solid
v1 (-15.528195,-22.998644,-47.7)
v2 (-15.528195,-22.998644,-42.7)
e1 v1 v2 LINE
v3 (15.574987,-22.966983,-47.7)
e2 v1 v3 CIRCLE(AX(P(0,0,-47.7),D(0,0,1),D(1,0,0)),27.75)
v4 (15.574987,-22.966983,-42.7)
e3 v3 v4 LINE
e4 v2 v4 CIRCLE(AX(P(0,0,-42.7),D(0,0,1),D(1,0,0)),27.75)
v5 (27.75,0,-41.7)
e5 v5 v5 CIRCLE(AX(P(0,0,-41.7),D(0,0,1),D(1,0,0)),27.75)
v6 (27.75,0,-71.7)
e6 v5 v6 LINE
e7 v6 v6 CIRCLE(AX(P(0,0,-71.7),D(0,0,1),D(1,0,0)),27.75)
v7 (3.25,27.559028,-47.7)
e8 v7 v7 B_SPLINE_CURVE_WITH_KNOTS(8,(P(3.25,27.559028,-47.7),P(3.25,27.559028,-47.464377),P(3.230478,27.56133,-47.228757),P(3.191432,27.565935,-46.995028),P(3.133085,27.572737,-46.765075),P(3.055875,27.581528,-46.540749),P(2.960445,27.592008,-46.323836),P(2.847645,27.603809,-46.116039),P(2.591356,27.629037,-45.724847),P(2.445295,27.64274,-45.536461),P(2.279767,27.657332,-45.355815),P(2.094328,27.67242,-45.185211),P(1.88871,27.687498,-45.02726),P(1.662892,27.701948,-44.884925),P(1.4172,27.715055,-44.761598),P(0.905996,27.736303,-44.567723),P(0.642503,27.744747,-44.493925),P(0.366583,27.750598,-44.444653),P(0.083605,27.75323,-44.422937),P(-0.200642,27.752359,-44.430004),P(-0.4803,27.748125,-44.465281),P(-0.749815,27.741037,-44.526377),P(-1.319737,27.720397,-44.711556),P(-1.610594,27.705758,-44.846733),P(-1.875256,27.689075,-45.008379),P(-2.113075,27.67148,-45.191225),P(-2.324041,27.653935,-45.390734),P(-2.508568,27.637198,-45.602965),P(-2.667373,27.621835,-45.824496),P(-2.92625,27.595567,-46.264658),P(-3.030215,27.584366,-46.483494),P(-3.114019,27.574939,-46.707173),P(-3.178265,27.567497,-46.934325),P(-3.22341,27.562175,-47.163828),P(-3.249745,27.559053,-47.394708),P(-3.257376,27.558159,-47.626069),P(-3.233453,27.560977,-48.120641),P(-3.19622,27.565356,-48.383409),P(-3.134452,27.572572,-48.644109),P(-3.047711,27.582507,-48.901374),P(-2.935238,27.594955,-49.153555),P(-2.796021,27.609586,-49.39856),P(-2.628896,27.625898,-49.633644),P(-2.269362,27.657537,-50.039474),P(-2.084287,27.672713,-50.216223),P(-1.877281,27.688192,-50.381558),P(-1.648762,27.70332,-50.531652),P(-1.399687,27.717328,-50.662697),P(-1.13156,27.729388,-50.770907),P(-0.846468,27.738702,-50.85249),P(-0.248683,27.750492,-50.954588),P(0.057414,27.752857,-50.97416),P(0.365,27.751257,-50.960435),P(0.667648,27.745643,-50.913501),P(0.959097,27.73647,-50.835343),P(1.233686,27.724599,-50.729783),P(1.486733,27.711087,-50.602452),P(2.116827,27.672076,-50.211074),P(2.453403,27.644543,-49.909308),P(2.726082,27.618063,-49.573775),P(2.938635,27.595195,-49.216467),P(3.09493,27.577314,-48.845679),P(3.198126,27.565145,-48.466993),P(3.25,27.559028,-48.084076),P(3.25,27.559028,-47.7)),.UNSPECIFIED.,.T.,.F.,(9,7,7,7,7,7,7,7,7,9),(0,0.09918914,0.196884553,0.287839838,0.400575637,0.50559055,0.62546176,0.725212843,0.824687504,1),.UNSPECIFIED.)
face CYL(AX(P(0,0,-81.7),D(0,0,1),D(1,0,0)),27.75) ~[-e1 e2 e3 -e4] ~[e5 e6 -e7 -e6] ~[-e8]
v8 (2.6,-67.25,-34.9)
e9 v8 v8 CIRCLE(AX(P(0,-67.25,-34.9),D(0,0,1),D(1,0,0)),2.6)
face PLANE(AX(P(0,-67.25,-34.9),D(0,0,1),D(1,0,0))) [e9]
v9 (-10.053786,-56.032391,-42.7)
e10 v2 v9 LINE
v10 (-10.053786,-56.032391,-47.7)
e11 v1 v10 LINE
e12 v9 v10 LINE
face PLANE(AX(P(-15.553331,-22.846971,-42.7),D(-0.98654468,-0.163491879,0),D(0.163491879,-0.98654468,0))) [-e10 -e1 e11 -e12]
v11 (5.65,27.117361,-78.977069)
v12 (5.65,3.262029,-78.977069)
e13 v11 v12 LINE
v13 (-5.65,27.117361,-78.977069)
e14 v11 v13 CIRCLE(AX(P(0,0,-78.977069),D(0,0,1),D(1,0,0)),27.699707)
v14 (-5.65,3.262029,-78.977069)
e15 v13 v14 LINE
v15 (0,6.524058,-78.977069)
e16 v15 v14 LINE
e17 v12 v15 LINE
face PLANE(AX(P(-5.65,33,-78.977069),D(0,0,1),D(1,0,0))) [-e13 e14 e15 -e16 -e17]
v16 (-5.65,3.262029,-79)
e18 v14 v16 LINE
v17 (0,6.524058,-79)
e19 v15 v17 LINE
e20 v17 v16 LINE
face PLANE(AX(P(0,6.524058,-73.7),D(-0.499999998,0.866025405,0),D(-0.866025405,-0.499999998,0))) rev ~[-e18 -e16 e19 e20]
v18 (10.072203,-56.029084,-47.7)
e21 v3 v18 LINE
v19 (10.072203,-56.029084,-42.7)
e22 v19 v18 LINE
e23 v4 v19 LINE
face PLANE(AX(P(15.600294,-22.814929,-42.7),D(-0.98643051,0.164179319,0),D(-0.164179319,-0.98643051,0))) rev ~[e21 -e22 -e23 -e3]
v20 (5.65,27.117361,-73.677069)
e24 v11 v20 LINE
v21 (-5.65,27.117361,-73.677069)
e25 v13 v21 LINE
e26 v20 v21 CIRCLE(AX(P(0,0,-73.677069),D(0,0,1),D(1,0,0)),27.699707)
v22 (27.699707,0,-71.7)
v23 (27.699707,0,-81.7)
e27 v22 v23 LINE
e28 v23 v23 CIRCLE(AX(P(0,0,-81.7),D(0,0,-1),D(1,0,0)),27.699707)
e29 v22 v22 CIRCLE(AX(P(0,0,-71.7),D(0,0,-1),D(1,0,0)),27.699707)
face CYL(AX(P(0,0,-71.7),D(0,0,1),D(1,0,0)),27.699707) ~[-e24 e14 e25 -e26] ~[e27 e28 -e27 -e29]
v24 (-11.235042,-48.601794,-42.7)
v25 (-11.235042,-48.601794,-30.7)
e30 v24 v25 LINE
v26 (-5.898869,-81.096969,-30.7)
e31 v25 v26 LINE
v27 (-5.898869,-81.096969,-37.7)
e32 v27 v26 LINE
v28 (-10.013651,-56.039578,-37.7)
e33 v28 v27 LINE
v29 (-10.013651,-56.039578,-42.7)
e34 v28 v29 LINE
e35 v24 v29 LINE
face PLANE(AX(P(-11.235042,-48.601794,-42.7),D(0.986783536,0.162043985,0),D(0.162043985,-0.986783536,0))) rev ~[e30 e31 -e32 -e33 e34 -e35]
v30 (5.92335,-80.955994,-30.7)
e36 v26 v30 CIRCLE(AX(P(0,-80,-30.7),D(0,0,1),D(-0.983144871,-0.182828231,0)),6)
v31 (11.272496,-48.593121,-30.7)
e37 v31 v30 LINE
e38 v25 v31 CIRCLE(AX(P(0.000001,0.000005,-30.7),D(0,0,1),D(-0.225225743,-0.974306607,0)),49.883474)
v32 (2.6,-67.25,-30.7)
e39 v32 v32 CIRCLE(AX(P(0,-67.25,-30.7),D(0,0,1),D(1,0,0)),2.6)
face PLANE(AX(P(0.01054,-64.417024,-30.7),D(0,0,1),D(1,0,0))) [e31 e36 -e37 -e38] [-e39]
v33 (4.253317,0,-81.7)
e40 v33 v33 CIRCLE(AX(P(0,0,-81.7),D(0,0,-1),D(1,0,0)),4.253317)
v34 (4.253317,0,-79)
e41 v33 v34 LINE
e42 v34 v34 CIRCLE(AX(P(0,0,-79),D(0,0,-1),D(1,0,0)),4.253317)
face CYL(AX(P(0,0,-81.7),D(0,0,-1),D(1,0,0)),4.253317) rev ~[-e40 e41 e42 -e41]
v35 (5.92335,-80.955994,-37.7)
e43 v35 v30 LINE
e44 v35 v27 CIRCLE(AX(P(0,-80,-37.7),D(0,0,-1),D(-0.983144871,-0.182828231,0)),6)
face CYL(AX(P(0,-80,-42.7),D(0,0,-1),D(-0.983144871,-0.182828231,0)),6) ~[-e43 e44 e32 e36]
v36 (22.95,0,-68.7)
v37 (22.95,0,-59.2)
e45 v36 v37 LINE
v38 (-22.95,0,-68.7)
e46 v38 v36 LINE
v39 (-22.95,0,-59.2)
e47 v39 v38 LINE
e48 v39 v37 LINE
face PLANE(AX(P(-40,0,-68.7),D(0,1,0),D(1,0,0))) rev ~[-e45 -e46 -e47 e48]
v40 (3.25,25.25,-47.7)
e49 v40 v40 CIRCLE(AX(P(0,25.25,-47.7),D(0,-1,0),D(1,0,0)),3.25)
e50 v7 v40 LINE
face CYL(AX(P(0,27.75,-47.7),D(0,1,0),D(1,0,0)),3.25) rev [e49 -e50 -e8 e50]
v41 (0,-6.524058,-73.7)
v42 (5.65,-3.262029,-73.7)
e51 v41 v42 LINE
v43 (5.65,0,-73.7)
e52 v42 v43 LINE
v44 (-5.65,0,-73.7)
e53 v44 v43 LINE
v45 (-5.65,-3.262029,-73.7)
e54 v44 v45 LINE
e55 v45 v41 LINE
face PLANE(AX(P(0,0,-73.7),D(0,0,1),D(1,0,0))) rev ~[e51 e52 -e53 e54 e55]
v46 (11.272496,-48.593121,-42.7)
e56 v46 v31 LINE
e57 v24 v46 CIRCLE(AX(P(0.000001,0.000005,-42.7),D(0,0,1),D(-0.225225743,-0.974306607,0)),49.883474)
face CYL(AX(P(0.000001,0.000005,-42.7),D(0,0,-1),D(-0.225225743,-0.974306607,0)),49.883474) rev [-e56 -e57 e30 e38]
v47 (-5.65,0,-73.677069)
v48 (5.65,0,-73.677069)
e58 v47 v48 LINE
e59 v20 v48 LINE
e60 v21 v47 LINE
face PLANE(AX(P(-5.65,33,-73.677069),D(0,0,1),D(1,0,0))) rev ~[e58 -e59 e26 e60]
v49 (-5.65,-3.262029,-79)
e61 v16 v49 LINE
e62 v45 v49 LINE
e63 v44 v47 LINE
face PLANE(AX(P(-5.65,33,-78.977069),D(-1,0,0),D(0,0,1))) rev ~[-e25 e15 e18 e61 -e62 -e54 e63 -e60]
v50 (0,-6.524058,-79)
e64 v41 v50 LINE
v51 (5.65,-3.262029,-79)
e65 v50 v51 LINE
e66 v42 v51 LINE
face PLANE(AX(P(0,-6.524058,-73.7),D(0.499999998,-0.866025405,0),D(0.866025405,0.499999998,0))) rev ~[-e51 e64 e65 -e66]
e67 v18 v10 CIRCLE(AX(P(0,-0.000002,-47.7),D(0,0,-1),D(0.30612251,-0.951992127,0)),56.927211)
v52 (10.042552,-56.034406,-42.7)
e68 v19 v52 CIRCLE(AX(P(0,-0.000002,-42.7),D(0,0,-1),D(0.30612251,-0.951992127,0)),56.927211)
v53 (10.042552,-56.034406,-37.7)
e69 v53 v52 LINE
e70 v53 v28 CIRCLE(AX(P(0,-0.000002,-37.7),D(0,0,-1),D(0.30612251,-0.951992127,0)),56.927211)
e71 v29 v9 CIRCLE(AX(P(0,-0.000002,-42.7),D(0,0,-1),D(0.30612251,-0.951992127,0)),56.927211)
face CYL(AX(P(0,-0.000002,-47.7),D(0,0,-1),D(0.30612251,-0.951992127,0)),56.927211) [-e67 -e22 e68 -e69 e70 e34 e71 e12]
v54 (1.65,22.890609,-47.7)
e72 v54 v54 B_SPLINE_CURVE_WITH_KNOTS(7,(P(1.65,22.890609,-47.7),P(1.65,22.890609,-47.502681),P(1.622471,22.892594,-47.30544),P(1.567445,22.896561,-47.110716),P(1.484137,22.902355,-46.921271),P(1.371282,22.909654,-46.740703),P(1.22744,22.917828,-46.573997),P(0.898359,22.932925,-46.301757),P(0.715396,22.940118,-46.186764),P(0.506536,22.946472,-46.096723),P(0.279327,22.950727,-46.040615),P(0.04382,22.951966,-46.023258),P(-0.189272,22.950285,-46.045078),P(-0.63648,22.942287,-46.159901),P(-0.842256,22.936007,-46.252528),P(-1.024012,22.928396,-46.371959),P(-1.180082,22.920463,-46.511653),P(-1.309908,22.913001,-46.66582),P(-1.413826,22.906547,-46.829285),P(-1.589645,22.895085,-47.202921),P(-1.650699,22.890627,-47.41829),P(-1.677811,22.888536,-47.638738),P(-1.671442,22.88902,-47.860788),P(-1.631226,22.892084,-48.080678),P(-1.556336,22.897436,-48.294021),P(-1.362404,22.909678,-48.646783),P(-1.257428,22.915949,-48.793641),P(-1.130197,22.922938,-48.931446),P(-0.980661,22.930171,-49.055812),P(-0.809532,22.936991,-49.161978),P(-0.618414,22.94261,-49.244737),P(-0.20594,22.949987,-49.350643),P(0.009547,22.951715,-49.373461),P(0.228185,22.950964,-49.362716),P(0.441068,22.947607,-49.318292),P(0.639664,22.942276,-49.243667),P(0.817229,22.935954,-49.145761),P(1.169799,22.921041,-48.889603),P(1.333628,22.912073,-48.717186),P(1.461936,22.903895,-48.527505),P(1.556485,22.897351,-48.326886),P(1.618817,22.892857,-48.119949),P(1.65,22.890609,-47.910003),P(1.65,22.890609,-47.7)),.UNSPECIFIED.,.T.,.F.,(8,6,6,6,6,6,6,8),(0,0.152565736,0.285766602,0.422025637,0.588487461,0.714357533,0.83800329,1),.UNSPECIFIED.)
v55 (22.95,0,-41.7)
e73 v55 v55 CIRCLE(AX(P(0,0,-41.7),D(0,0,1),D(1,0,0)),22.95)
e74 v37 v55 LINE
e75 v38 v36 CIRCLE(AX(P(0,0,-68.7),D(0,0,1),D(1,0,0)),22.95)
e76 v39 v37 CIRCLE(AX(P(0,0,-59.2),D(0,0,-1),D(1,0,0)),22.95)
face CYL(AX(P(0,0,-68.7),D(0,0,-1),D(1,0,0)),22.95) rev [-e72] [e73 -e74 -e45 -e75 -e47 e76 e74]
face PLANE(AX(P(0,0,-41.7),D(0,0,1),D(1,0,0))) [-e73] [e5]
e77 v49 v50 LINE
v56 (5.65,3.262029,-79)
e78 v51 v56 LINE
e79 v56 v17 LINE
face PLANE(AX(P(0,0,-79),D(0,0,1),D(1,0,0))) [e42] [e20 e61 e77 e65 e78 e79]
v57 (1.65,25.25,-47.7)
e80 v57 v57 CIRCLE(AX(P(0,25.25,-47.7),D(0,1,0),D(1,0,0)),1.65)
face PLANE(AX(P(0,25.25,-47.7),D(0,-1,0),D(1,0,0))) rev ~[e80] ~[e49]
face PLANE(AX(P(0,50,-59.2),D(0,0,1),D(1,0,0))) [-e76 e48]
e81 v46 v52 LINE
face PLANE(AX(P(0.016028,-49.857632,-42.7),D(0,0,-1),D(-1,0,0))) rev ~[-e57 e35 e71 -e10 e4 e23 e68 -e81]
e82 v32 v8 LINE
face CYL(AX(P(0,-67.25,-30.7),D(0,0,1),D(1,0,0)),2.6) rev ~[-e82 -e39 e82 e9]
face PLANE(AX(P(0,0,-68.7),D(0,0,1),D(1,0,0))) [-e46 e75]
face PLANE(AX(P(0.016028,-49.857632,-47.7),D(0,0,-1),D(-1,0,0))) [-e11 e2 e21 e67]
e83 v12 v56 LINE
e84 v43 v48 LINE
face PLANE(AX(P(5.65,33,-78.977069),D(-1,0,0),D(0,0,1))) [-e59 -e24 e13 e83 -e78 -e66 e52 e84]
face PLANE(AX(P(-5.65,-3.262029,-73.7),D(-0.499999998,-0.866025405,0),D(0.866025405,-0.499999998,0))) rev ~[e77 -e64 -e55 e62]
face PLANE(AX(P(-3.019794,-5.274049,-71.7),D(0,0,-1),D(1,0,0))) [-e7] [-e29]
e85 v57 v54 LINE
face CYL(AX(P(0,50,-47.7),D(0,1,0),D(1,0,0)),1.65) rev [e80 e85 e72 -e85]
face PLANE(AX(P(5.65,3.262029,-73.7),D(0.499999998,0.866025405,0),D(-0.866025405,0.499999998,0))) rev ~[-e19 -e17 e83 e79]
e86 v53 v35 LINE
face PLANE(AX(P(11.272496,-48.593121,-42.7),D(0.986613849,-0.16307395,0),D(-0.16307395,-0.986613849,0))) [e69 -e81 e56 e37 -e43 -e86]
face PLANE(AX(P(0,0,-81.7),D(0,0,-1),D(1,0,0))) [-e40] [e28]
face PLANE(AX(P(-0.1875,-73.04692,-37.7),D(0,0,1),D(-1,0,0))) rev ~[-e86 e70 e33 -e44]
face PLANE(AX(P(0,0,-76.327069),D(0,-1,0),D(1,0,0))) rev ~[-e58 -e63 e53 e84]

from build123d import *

# Parameters (mm, degrees)
CYLINDER016_R     = 1.65
CYLINDER016_DEPTH = 50
CYLINDER017_R     = 3.25
CYLINDER017_DEPTH = 2.5
BOX005_W          = 80
BOX005_H          = 100
BOX005_DEPTH      = 9.5
CYLINDER014_R     = 22.95
CYLINDER014_DEPTH = 27
CYLINDER015_R     = 27.75
CYLINDER015_DEPTH = 40
SKETCH013_R       = 27.75
PAD001_DEPTH      = 10
SKETCH014_W       = 24
SKETCH014_H       = 14.2
POCKET013_DEPTH   = 28
SKETCH015_R       = 8.1
POCKET014_DEPTH   = 15
POCKET015_DEPTH   = 14.4
PAD003_DEPTH      = 5
PAD004_DEPTH      = 12
POCKET017_DEPTH   = 10
SKETCH033_R       = 2.6
POCKET029_DEPTH   = 4.2
SKETCH034_W       = 108.293205
SKETCH034_H       = 87.132465
POCKET030_DEPTH   = 20
SKETCH035_R       = 27.699707
PAD005_DEPTH      = 10
SKETCH036_W       = 11.3
SKETCH036_H       = 5.3
POCKET031_DEPTH   = 33
POCKET032_DEPTH   = 5.3
SKETCH038_R       = 4.253317
POCKET033_DEPTH   = 8


with BuildPart() as cylinder016:
    # Cylinder016 → Cylinder016 (new body)
    with BuildSketch(Plane(origin=(0, 50, 20), x_dir=(1, 0, 0), z_dir=(0, -1, 0))):
        Circle(CYLINDER016_R)
    extrude(amount=CYLINDER016_DEPTH)


with BuildPart() as cylinder017:
    # Cylinder017 → Cylinder017 (new body)
    with BuildSketch(Plane(origin=(0, 27.75, 20), x_dir=(1, 0, 0), z_dir=(0, -1, 0))):
        Circle(CYLINDER017_R)
    extrude(amount=CYLINDER017_DEPTH)


with BuildPart() as addcube001:
    # Box005 → Box005 (new body)
    with BuildSketch(Plane(origin=(-40, 0, -1), x_dir=(1, 0, 0), z_dir=(0, 0, 1))):
        with Locations((40, 50)):
            Rectangle(BOX005_W, BOX005_H)
    extrude(amount=BOX005_DEPTH)


with BuildPart() as fusion007:
    # Cylinder014 → Cylinder014 (new body)
    with BuildSketch(Plane.XY.offset(-1)):
        Circle(CYLINDER014_R)
    extrude(amount=CYLINDER014_DEPTH)

    # Cut011: cut AddCube001
    add(addcube001.part, mode=Mode.SUBTRACT)

    # Fusion007: union Cylinder016, Cylinder017
    add(cylinder016.part)
    add(cylinder017.part)


with BuildPart() as mounttotripod:
    # Cylinder015 → Cylinder015 (new body)
    with BuildSketch(Plane.XY.offset(-14)):
        Circle(CYLINDER015_R)
    extrude(amount=CYLINDER015_DEPTH)

    # Cut010: cut Fusion007
    add(fusion007.part, mode=Mode.SUBTRACT)

    # Sketch013 (on Face2 of BaseFeature003) → Pad001 (new body)
    with BuildSketch(Plane(origin=(0, 0, -14), x_dir=(1, 0, 0), z_dir=(0, 0, -1))):
        Circle(SKETCH013_R)
    extrude(amount=PAD001_DEPTH)

    # Sketch014 → Pocket013 (cut)
    with BuildSketch(Plane(origin=(0, 28, 0), x_dir=(-1, 0, 0), z_dir=(0, 1, 0))):
        with Locations((0, -12.1)):
            Rectangle(SKETCH014_W, SKETCH014_H)
    extrude(amount=-POCKET013_DEPTH, mode=Mode.SUBTRACT)

    # Sketch015 (on Face6 of Pocket013) → Pocket014 (cut)
    with BuildSketch(Plane(origin=(0, 0, -24), x_dir=(1, 0, 0), z_dir=(0, 0, -1))):
        Circle(SKETCH015_R)
    extrude(amount=-POCKET014_DEPTH, mode=Mode.SUBTRACT)

    # Sketch016 (on Face6 of Pocket014) → Pocket015 (cut)
    with BuildSketch(Plane(origin=(0, 0, -19.3), x_dir=(1, 0, 0), z_dir=(0, 0, -1))):
        Polygon((0, -14.036056), (12.155581, -7.018028), (12.155581, 7.018028), (0, 14.036056), (-12.155581, 7.018028), (-12.155581, -7.018028), align=None)
    extrude(amount=-POCKET015_DEPTH, mode=Mode.SUBTRACT)

    # Sketch019 (on Face8 of Pocket015) → Pad003 (join)
    with BuildSketch(Plane.XY.offset(25)):
        with BuildLine():
            ThreePointArc((-15.553331, -22.846971), (0.028426, -27.638548), (15.600294, -22.814929))
            Line((15.600294, -22.814929), (5.918583, -80.985076))
            ThreePointArc((-5.919268, -80.980951), (-0.002091, -86), (5.918583, -80.985076))
            Line((-15.553331, -22.846971), (-5.919268, -80.980951))
        make_face()
    extrude(amount=-PAD003_DEPTH)

    # Sketch031 (on Face12 of Pad003) → Pad004 (join)
    with BuildSketch(Plane.XY.offset(25)):
        with BuildLine():
            ThreePointArc((-5.898869, -81.096969), (0.071542, -85.999573), (5.92335, -80.955994))
            Line((11.272496, -48.593121), (5.92335, -80.955994))
            ThreePointArc((-11.235042, -48.601794), (0.019223, -49.883466), (11.272496, -48.593121))
            Line((-11.235042, -48.601794), (-5.898869, -81.096969))
        make_face()
    extrude(amount=PAD004_DEPTH)

    # Sketch032 (on Face10 of Pad004) → Pocket017 (cut)
    with BuildSketch(Plane(origin=(0, 0, 20), x_dir=(1, 0, 0), z_dir=(0, 0, -1))):
        with BuildLine():
            ThreePointArc((17.426701, 54.194258), (-0.181494, 56.926923), (-17.771906, 54.082038))
            Line((-17.771906, 54.082038), (-17.771906, 91.276634))
            Line((17.426701, 91.276634), (-17.771906, 91.276634))
            Line((17.426701, 54.194258), (17.426701, 91.276634))
        make_face()
    extrude(amount=-POCKET017_DEPTH, mode=Mode.SUBTRACT)

    # Sketch033 (on Face33 of Pocket017) → Pocket029 (cut)
    with BuildSketch(Plane.XY.offset(37)):
        with Locations((0, -67.25)):
            Circle(SKETCH033_R)
    extrude(amount=-POCKET029_DEPTH, mode=Mode.SUBTRACT)

    # Sketch034 (on Face6 of Pocket029) → Pocket030 (cut)
    with BuildSketch(Plane(origin=(0, 0, -24), x_dir=(1, 0, 0), z_dir=(0, 0, -1))):
        with Locations((-3.019794, 5.274049)):
            Rectangle(SKETCH034_W, SKETCH034_H)
    extrude(amount=-POCKET030_DEPTH, mode=Mode.SUBTRACT)

    # Sketch035 (on Face2 of Pocket030) → Pad005 (join)
    with BuildSketch(Plane(origin=(0, 0, -4), x_dir=(1, 0, 0), z_dir=(0, 0, -1))):
        Circle(SKETCH035_R)
    extrude(amount=PAD005_DEPTH)

    # Sketch036 → Pocket031 (cut)
    with BuildSketch(Plane.XZ.offset(-33)):
        with Locations((0, -8.627069)):
            Rectangle(SKETCH036_W, SKETCH036_H)
    extrude(amount=POCKET031_DEPTH, mode=Mode.SUBTRACT)

    # Sketch037 → Pocket032 (cut)
    with BuildSketch(Plane.XY.offset(-6)):
        Polygon((5.65, -3.262029), (5.65, 3.262029), (0, 6.524058), (-5.65, 3.262029), (-5.65, -3.262029), (0, -6.524058), align=None)
    extrude(amount=-POCKET032_DEPTH, mode=Mode.SUBTRACT)

    # Sketch038 (on Face16 of Pocket032) → Pocket033 (cut)
    with BuildSketch(Plane(origin=(0, 0, -14), x_dir=(1, 0, 0), z_dir=(0, 0, -1))):
        Circle(SKETCH038_R)
    extrude(amount=-POCKET033_DEPTH, mode=Mode.SUBTRACT)


with BuildPart() as mounttotripod_1:
    # Body003 placement: moved
    add(mounttotripod.part.moved(Location((0, 0, -67.7))))


solid = mounttotripod_1.part
